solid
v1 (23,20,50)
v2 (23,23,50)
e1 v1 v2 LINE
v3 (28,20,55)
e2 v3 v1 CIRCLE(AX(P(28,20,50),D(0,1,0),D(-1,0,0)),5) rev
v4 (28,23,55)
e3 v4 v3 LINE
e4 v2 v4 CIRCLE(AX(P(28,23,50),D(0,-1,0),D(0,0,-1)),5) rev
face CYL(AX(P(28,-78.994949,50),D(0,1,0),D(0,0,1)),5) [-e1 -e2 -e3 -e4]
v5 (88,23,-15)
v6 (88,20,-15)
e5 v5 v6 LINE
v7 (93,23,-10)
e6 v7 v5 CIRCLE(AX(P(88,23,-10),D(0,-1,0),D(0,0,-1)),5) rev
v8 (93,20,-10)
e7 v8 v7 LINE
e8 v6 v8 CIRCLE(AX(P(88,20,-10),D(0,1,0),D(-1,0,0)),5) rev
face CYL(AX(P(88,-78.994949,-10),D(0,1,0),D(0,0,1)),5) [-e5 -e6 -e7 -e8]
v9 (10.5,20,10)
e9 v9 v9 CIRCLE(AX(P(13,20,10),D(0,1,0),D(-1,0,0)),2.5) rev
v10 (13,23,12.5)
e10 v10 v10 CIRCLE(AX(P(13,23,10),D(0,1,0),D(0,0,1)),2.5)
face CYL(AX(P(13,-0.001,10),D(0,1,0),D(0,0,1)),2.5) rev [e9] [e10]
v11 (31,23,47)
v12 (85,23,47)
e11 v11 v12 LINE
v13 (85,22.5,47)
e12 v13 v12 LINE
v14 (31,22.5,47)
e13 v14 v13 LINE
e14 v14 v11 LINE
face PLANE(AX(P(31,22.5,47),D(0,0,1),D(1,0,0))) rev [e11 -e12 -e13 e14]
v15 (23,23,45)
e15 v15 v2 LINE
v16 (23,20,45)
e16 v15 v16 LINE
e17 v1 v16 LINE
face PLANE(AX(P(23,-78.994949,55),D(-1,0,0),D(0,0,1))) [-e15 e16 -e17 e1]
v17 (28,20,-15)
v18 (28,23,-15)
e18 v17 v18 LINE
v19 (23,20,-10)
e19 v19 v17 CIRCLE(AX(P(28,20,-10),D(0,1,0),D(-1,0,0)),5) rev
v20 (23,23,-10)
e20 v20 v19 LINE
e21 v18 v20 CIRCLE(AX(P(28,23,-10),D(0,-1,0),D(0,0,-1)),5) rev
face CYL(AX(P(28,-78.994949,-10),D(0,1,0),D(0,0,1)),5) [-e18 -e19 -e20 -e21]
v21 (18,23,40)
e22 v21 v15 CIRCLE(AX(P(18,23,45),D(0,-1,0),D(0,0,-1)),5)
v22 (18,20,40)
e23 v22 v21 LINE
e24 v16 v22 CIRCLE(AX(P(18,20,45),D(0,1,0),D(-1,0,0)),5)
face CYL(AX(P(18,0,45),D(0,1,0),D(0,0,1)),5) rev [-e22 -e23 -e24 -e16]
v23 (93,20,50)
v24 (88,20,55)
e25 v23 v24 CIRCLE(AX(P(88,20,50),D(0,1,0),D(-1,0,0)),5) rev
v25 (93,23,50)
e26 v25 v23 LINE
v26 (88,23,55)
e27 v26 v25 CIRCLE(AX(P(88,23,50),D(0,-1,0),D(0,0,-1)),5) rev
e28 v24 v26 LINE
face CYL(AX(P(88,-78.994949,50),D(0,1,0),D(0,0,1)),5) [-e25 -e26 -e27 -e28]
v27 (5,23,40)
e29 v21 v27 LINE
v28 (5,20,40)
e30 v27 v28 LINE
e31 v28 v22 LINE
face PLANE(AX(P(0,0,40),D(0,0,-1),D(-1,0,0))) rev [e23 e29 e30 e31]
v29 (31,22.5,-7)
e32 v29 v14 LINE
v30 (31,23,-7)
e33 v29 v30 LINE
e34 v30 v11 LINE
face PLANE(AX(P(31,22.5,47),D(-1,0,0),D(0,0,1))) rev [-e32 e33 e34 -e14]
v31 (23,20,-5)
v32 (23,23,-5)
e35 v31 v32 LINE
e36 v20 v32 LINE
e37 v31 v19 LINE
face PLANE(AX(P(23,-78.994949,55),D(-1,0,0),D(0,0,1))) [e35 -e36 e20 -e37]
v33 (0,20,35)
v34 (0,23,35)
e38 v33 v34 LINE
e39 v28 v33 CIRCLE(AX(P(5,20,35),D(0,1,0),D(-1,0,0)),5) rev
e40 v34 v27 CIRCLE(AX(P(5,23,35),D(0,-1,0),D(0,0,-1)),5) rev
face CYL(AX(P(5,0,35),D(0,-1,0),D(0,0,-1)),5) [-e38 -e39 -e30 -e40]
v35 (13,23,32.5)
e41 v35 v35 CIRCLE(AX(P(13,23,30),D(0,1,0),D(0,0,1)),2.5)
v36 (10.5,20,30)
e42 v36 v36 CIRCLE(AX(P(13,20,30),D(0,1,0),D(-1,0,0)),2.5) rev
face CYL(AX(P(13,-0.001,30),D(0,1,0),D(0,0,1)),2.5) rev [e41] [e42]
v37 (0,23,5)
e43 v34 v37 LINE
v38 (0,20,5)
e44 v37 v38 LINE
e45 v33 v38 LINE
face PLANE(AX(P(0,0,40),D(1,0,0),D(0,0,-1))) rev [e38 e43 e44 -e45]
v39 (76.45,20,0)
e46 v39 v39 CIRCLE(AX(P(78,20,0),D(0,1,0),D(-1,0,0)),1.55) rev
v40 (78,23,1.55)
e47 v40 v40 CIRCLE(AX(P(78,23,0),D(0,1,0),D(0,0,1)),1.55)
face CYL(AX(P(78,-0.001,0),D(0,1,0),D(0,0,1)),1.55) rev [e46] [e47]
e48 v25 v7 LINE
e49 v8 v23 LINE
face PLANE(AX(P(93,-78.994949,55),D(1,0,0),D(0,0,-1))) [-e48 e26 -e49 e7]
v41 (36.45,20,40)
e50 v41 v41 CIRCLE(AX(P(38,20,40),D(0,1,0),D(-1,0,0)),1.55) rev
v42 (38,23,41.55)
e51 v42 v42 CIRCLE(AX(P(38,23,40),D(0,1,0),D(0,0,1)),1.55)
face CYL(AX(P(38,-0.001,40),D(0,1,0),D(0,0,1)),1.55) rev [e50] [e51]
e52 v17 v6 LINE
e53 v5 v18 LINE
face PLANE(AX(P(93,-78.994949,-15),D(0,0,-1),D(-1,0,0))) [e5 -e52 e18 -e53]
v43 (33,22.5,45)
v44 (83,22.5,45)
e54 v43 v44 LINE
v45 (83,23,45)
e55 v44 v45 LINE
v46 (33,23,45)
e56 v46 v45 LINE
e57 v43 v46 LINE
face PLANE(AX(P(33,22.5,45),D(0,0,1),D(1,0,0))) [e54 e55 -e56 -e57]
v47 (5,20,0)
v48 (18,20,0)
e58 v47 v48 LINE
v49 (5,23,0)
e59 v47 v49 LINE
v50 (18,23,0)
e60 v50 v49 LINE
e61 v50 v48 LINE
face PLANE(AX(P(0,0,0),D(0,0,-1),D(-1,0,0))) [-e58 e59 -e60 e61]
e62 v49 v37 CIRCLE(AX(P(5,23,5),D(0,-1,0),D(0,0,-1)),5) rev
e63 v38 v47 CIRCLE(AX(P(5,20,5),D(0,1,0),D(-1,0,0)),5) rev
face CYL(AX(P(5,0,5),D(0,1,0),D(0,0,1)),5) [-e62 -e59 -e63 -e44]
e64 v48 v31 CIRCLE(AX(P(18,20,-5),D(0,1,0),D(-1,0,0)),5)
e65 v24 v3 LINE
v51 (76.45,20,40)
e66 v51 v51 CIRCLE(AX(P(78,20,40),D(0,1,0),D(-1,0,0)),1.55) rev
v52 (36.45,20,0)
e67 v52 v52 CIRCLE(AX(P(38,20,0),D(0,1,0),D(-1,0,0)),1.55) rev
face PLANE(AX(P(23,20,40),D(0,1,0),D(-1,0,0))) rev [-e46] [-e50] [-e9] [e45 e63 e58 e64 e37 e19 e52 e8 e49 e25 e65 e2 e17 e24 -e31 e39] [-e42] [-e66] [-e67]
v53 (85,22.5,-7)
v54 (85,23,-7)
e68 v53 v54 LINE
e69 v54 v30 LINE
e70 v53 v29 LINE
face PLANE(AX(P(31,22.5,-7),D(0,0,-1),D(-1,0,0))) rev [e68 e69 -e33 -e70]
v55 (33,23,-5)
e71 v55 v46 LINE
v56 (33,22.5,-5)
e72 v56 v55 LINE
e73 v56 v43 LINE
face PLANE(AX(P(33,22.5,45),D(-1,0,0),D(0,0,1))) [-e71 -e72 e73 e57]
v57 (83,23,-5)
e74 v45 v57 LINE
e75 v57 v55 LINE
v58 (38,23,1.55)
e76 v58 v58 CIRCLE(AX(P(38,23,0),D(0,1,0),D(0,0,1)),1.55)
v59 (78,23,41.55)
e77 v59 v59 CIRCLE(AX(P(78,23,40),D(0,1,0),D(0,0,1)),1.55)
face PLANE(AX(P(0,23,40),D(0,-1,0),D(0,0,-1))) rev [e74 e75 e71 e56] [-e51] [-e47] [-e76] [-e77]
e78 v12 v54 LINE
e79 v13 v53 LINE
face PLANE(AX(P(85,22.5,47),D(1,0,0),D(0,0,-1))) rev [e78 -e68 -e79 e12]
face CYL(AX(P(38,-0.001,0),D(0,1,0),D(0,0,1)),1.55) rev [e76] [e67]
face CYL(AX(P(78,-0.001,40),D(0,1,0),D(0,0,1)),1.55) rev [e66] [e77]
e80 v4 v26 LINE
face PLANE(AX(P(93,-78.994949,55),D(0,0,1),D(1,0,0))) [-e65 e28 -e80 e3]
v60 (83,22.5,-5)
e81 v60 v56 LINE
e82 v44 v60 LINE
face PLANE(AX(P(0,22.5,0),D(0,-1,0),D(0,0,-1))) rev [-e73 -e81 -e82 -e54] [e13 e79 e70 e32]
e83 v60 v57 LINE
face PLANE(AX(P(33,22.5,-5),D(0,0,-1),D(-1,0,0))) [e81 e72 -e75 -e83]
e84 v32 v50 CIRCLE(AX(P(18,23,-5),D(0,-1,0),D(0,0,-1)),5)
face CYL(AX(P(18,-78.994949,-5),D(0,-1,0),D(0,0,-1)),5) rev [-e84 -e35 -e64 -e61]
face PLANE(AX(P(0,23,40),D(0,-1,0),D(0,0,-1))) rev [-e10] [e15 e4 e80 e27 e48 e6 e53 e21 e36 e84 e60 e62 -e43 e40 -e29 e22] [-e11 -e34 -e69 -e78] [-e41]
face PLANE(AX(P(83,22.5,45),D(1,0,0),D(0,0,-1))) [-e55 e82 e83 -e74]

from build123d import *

# Parameters (mm, degrees)
BOSS_EXTRUDE1_DEPTH = 40
CUT_EXTRUDE1_REACH  = 53.556
SKETCH2_R           = 2.5
CUT_EXTRUDE2_REACH  = 53.556
SKETCH3_R           = 2.5
SKETCH4_W           = 70
SKETCH4_H           = 70
BOSS_EXTRUDE2_DEPTH = 3
SKETCH8_W           = 54
SKETCH8_H           = 54
SKETCH8_W_2         = 50
SKETCH8_H_2         = 50
CUT_EXTRUDE7_DEPTH  = 0.5
CUT_EXTRUDE8_REACH  = 112.467
SKETCH9_R           = 1.55
CUT_EXTRUDE9_REACH  = 112.467
SKETCH10_W          = 40
SKETCH10_H          = 20
FILLET1_R           = 5


with BuildPart() as part:
    # Sketch1 → Boss-Extrude1 (new body)
    with BuildSketch(Plane.XY):
        Polygon((0, 0), (0, 23), (23, 23), (23, 20), (3, 20), (3, 0), align=None)
    extrude(amount=BOSS_EXTRUDE1_DEPTH)

    # Sketch2 → Cut-Extrude1 (cut, up to next)
    with BuildSketch(Plane(origin=(0, 23, 0), x_dir=(1, 0, 0), z_dir=(0, 1, 0)), mode=Mode.PRIVATE) as cut_extrude1_sk1:
        with Locations(Location((13, -10, 0), (0, 0, 270))):
            Circle(SKETCH2_R)
    cut_extrude1_tool1 = extrude(cut_extrude1_sk1.sketch, amount=-CUT_EXTRUDE1_REACH, mode=Mode.PRIVATE) & part.part
    # Sketch2 → Cut-Extrude1 (cut, up to next)
    with BuildSketch(Plane(origin=(0, 23, 0), x_dir=(1, 0, 0), z_dir=(0, 1, 0)), mode=Mode.PRIVATE) as cut_extrude1_sk2:
        with Locations(Location((13, -30, 0), (0, 0, 270))):
            Circle(SKETCH2_R)
    cut_extrude1_tool2 = extrude(cut_extrude1_sk2.sketch, amount=-CUT_EXTRUDE1_REACH, mode=Mode.PRIVATE) & part.part
    add(cut_extrude1_tool1.solids().sort_by_distance((13, 23, 10))[0], mode=Mode.SUBTRACT)
    add(cut_extrude1_tool2.solids().sort_by_distance((13, 23, 30))[0], mode=Mode.SUBTRACT)

    # Sketch3 → Cut-Extrude2 (cut, up to next)
    with BuildSketch(Plane.ZY, mode=Mode.PRIVATE) as cut_extrude2_sk1:
        with Locations((10, 10)):
            Circle(SKETCH3_R)
    cut_extrude2_tool1 = extrude(cut_extrude2_sk1.sketch, amount=-CUT_EXTRUDE2_REACH, mode=Mode.PRIVATE) & part.part
    # Sketch3 → Cut-Extrude2 (cut, up to next)
    with BuildSketch(Plane.ZY, mode=Mode.PRIVATE) as cut_extrude2_sk2:
        with Locations((30, 10)):
            Circle(SKETCH3_R)
    cut_extrude2_tool2 = extrude(cut_extrude2_sk2.sketch, amount=-CUT_EXTRUDE2_REACH, mode=Mode.PRIVATE) & part.part
    add(cut_extrude2_tool1.solids().sort_by_distance((0, 10, 10))[0], mode=Mode.SUBTRACT)
    add(cut_extrude2_tool2.solids().sort_by_distance((0, 10, 30))[0], mode=Mode.SUBTRACT)

    # Sketch4 → Boss-Extrude2 (add)
    with BuildSketch(Plane(origin=(0, 23, 0), x_dir=(1, 0, 0), z_dir=(0, 1, 0))):
        with Locations((58, -20)):
            Rectangle(SKETCH4_W, SKETCH4_H)
    extrude(amount=-BOSS_EXTRUDE2_DEPTH)

    # Sketch8 → Cut-Extrude7 (cut)
    with BuildSketch(Plane(origin=(0, 23, 0), x_dir=(1, 0, 0), z_dir=(0, 1, 0))):
        with Locations((58, -20)):
            Rectangle(SKETCH8_W, SKETCH8_H)
        with Locations((58, -20)):
            Rectangle(SKETCH8_W_2, SKETCH8_H_2, mode=Mode.SUBTRACT)
    extrude(amount=-CUT_EXTRUDE7_DEPTH, mode=Mode.SUBTRACT)

    # Sketch9 → Cut-Extrude8 (cut, up to next)
    with BuildSketch(Plane(origin=(0, 23, 0), x_dir=(1, 0, 0), z_dir=(0, 1, 0)), mode=Mode.PRIVATE) as cut_extrude8_sk1:
        with Locations(Location((38, -40, 0), (0, 0, 270))):
            Circle(SKETCH9_R)
    cut_extrude8_tool1 = extrude(cut_extrude8_sk1.sketch, amount=-CUT_EXTRUDE8_REACH, mode=Mode.PRIVATE) & part.part
    # Sketch9 → Cut-Extrude8 (cut, up to next)
    with BuildSketch(Plane(origin=(0, 23, 0), x_dir=(1, 0, 0), z_dir=(0, 1, 0)), mode=Mode.PRIVATE) as cut_extrude8_sk2:
        with Locations(Location((38, 0, 0), (0, 0, 270))):
            Circle(SKETCH9_R)
    cut_extrude8_tool2 = extrude(cut_extrude8_sk2.sketch, amount=-CUT_EXTRUDE8_REACH, mode=Mode.PRIVATE) & part.part
    # Sketch9 → Cut-Extrude8 (cut, up to next)
    with BuildSketch(Plane(origin=(0, 23, 0), x_dir=(1, 0, 0), z_dir=(0, 1, 0)), mode=Mode.PRIVATE) as cut_extrude8_sk3:
        with Locations(Location((78, 0, 0), (0, 0, 270))):
            Circle(SKETCH9_R)
    cut_extrude8_tool3 = extrude(cut_extrude8_sk3.sketch, amount=-CUT_EXTRUDE8_REACH, mode=Mode.PRIVATE) & part.part
    # Sketch9 → Cut-Extrude8 (cut, up to next)
    with BuildSketch(Plane(origin=(0, 23, 0), x_dir=(1, 0, 0), z_dir=(0, 1, 0)), mode=Mode.PRIVATE) as cut_extrude8_sk4:
        with Locations(Location((78, -40, 0), (0, 0, 270))):
            Circle(SKETCH9_R)
    cut_extrude8_tool4 = extrude(cut_extrude8_sk4.sketch, amount=-CUT_EXTRUDE8_REACH, mode=Mode.PRIVATE) & part.part
    add(cut_extrude8_tool1.solids().sort_by_distance((38, 23, 40))[0], mode=Mode.SUBTRACT)
    add(cut_extrude8_tool2.solids().sort_by_distance((38, 23, 0))[0], mode=Mode.SUBTRACT)
    add(cut_extrude8_tool3.solids().sort_by_distance((78, 23, 0))[0], mode=Mode.SUBTRACT)
    add(cut_extrude8_tool4.solids().sort_by_distance((78, 23, 40))[0], mode=Mode.SUBTRACT)

    # Sketch10 → Cut-Extrude9 (cut, up to next)
    with BuildSketch(Plane.ZY, mode=Mode.PRIVATE) as cut_extrude9_sk1:
        with Locations((20, 10)):
            Rectangle(SKETCH10_W, SKETCH10_H)
    cut_extrude9_tool1 = extrude(cut_extrude9_sk1.sketch, amount=-CUT_EXTRUDE9_REACH, mode=Mode.PRIVATE) & part.part
    add(cut_extrude9_tool1.solids().sort_by_distance((0, 10, 20))[0], mode=Mode.SUBTRACT)

    # Fillet1
    fillet1_edges = [part.edges().sort_by_distance(p)[0] for p in [
        (23, 21.5, 40),
        (0, 21.5, 40),
        (23, 21.5, 55),
        (23, 21.5, -15),
        (93, 21.5, -15),
        (93, 21.5, 55),
        (0, 21.5, 0),
        (23, 21.5, 0),
    ]]
    fillet(fillet1_edges, radius=FILLET1_R)


solid = part.part
